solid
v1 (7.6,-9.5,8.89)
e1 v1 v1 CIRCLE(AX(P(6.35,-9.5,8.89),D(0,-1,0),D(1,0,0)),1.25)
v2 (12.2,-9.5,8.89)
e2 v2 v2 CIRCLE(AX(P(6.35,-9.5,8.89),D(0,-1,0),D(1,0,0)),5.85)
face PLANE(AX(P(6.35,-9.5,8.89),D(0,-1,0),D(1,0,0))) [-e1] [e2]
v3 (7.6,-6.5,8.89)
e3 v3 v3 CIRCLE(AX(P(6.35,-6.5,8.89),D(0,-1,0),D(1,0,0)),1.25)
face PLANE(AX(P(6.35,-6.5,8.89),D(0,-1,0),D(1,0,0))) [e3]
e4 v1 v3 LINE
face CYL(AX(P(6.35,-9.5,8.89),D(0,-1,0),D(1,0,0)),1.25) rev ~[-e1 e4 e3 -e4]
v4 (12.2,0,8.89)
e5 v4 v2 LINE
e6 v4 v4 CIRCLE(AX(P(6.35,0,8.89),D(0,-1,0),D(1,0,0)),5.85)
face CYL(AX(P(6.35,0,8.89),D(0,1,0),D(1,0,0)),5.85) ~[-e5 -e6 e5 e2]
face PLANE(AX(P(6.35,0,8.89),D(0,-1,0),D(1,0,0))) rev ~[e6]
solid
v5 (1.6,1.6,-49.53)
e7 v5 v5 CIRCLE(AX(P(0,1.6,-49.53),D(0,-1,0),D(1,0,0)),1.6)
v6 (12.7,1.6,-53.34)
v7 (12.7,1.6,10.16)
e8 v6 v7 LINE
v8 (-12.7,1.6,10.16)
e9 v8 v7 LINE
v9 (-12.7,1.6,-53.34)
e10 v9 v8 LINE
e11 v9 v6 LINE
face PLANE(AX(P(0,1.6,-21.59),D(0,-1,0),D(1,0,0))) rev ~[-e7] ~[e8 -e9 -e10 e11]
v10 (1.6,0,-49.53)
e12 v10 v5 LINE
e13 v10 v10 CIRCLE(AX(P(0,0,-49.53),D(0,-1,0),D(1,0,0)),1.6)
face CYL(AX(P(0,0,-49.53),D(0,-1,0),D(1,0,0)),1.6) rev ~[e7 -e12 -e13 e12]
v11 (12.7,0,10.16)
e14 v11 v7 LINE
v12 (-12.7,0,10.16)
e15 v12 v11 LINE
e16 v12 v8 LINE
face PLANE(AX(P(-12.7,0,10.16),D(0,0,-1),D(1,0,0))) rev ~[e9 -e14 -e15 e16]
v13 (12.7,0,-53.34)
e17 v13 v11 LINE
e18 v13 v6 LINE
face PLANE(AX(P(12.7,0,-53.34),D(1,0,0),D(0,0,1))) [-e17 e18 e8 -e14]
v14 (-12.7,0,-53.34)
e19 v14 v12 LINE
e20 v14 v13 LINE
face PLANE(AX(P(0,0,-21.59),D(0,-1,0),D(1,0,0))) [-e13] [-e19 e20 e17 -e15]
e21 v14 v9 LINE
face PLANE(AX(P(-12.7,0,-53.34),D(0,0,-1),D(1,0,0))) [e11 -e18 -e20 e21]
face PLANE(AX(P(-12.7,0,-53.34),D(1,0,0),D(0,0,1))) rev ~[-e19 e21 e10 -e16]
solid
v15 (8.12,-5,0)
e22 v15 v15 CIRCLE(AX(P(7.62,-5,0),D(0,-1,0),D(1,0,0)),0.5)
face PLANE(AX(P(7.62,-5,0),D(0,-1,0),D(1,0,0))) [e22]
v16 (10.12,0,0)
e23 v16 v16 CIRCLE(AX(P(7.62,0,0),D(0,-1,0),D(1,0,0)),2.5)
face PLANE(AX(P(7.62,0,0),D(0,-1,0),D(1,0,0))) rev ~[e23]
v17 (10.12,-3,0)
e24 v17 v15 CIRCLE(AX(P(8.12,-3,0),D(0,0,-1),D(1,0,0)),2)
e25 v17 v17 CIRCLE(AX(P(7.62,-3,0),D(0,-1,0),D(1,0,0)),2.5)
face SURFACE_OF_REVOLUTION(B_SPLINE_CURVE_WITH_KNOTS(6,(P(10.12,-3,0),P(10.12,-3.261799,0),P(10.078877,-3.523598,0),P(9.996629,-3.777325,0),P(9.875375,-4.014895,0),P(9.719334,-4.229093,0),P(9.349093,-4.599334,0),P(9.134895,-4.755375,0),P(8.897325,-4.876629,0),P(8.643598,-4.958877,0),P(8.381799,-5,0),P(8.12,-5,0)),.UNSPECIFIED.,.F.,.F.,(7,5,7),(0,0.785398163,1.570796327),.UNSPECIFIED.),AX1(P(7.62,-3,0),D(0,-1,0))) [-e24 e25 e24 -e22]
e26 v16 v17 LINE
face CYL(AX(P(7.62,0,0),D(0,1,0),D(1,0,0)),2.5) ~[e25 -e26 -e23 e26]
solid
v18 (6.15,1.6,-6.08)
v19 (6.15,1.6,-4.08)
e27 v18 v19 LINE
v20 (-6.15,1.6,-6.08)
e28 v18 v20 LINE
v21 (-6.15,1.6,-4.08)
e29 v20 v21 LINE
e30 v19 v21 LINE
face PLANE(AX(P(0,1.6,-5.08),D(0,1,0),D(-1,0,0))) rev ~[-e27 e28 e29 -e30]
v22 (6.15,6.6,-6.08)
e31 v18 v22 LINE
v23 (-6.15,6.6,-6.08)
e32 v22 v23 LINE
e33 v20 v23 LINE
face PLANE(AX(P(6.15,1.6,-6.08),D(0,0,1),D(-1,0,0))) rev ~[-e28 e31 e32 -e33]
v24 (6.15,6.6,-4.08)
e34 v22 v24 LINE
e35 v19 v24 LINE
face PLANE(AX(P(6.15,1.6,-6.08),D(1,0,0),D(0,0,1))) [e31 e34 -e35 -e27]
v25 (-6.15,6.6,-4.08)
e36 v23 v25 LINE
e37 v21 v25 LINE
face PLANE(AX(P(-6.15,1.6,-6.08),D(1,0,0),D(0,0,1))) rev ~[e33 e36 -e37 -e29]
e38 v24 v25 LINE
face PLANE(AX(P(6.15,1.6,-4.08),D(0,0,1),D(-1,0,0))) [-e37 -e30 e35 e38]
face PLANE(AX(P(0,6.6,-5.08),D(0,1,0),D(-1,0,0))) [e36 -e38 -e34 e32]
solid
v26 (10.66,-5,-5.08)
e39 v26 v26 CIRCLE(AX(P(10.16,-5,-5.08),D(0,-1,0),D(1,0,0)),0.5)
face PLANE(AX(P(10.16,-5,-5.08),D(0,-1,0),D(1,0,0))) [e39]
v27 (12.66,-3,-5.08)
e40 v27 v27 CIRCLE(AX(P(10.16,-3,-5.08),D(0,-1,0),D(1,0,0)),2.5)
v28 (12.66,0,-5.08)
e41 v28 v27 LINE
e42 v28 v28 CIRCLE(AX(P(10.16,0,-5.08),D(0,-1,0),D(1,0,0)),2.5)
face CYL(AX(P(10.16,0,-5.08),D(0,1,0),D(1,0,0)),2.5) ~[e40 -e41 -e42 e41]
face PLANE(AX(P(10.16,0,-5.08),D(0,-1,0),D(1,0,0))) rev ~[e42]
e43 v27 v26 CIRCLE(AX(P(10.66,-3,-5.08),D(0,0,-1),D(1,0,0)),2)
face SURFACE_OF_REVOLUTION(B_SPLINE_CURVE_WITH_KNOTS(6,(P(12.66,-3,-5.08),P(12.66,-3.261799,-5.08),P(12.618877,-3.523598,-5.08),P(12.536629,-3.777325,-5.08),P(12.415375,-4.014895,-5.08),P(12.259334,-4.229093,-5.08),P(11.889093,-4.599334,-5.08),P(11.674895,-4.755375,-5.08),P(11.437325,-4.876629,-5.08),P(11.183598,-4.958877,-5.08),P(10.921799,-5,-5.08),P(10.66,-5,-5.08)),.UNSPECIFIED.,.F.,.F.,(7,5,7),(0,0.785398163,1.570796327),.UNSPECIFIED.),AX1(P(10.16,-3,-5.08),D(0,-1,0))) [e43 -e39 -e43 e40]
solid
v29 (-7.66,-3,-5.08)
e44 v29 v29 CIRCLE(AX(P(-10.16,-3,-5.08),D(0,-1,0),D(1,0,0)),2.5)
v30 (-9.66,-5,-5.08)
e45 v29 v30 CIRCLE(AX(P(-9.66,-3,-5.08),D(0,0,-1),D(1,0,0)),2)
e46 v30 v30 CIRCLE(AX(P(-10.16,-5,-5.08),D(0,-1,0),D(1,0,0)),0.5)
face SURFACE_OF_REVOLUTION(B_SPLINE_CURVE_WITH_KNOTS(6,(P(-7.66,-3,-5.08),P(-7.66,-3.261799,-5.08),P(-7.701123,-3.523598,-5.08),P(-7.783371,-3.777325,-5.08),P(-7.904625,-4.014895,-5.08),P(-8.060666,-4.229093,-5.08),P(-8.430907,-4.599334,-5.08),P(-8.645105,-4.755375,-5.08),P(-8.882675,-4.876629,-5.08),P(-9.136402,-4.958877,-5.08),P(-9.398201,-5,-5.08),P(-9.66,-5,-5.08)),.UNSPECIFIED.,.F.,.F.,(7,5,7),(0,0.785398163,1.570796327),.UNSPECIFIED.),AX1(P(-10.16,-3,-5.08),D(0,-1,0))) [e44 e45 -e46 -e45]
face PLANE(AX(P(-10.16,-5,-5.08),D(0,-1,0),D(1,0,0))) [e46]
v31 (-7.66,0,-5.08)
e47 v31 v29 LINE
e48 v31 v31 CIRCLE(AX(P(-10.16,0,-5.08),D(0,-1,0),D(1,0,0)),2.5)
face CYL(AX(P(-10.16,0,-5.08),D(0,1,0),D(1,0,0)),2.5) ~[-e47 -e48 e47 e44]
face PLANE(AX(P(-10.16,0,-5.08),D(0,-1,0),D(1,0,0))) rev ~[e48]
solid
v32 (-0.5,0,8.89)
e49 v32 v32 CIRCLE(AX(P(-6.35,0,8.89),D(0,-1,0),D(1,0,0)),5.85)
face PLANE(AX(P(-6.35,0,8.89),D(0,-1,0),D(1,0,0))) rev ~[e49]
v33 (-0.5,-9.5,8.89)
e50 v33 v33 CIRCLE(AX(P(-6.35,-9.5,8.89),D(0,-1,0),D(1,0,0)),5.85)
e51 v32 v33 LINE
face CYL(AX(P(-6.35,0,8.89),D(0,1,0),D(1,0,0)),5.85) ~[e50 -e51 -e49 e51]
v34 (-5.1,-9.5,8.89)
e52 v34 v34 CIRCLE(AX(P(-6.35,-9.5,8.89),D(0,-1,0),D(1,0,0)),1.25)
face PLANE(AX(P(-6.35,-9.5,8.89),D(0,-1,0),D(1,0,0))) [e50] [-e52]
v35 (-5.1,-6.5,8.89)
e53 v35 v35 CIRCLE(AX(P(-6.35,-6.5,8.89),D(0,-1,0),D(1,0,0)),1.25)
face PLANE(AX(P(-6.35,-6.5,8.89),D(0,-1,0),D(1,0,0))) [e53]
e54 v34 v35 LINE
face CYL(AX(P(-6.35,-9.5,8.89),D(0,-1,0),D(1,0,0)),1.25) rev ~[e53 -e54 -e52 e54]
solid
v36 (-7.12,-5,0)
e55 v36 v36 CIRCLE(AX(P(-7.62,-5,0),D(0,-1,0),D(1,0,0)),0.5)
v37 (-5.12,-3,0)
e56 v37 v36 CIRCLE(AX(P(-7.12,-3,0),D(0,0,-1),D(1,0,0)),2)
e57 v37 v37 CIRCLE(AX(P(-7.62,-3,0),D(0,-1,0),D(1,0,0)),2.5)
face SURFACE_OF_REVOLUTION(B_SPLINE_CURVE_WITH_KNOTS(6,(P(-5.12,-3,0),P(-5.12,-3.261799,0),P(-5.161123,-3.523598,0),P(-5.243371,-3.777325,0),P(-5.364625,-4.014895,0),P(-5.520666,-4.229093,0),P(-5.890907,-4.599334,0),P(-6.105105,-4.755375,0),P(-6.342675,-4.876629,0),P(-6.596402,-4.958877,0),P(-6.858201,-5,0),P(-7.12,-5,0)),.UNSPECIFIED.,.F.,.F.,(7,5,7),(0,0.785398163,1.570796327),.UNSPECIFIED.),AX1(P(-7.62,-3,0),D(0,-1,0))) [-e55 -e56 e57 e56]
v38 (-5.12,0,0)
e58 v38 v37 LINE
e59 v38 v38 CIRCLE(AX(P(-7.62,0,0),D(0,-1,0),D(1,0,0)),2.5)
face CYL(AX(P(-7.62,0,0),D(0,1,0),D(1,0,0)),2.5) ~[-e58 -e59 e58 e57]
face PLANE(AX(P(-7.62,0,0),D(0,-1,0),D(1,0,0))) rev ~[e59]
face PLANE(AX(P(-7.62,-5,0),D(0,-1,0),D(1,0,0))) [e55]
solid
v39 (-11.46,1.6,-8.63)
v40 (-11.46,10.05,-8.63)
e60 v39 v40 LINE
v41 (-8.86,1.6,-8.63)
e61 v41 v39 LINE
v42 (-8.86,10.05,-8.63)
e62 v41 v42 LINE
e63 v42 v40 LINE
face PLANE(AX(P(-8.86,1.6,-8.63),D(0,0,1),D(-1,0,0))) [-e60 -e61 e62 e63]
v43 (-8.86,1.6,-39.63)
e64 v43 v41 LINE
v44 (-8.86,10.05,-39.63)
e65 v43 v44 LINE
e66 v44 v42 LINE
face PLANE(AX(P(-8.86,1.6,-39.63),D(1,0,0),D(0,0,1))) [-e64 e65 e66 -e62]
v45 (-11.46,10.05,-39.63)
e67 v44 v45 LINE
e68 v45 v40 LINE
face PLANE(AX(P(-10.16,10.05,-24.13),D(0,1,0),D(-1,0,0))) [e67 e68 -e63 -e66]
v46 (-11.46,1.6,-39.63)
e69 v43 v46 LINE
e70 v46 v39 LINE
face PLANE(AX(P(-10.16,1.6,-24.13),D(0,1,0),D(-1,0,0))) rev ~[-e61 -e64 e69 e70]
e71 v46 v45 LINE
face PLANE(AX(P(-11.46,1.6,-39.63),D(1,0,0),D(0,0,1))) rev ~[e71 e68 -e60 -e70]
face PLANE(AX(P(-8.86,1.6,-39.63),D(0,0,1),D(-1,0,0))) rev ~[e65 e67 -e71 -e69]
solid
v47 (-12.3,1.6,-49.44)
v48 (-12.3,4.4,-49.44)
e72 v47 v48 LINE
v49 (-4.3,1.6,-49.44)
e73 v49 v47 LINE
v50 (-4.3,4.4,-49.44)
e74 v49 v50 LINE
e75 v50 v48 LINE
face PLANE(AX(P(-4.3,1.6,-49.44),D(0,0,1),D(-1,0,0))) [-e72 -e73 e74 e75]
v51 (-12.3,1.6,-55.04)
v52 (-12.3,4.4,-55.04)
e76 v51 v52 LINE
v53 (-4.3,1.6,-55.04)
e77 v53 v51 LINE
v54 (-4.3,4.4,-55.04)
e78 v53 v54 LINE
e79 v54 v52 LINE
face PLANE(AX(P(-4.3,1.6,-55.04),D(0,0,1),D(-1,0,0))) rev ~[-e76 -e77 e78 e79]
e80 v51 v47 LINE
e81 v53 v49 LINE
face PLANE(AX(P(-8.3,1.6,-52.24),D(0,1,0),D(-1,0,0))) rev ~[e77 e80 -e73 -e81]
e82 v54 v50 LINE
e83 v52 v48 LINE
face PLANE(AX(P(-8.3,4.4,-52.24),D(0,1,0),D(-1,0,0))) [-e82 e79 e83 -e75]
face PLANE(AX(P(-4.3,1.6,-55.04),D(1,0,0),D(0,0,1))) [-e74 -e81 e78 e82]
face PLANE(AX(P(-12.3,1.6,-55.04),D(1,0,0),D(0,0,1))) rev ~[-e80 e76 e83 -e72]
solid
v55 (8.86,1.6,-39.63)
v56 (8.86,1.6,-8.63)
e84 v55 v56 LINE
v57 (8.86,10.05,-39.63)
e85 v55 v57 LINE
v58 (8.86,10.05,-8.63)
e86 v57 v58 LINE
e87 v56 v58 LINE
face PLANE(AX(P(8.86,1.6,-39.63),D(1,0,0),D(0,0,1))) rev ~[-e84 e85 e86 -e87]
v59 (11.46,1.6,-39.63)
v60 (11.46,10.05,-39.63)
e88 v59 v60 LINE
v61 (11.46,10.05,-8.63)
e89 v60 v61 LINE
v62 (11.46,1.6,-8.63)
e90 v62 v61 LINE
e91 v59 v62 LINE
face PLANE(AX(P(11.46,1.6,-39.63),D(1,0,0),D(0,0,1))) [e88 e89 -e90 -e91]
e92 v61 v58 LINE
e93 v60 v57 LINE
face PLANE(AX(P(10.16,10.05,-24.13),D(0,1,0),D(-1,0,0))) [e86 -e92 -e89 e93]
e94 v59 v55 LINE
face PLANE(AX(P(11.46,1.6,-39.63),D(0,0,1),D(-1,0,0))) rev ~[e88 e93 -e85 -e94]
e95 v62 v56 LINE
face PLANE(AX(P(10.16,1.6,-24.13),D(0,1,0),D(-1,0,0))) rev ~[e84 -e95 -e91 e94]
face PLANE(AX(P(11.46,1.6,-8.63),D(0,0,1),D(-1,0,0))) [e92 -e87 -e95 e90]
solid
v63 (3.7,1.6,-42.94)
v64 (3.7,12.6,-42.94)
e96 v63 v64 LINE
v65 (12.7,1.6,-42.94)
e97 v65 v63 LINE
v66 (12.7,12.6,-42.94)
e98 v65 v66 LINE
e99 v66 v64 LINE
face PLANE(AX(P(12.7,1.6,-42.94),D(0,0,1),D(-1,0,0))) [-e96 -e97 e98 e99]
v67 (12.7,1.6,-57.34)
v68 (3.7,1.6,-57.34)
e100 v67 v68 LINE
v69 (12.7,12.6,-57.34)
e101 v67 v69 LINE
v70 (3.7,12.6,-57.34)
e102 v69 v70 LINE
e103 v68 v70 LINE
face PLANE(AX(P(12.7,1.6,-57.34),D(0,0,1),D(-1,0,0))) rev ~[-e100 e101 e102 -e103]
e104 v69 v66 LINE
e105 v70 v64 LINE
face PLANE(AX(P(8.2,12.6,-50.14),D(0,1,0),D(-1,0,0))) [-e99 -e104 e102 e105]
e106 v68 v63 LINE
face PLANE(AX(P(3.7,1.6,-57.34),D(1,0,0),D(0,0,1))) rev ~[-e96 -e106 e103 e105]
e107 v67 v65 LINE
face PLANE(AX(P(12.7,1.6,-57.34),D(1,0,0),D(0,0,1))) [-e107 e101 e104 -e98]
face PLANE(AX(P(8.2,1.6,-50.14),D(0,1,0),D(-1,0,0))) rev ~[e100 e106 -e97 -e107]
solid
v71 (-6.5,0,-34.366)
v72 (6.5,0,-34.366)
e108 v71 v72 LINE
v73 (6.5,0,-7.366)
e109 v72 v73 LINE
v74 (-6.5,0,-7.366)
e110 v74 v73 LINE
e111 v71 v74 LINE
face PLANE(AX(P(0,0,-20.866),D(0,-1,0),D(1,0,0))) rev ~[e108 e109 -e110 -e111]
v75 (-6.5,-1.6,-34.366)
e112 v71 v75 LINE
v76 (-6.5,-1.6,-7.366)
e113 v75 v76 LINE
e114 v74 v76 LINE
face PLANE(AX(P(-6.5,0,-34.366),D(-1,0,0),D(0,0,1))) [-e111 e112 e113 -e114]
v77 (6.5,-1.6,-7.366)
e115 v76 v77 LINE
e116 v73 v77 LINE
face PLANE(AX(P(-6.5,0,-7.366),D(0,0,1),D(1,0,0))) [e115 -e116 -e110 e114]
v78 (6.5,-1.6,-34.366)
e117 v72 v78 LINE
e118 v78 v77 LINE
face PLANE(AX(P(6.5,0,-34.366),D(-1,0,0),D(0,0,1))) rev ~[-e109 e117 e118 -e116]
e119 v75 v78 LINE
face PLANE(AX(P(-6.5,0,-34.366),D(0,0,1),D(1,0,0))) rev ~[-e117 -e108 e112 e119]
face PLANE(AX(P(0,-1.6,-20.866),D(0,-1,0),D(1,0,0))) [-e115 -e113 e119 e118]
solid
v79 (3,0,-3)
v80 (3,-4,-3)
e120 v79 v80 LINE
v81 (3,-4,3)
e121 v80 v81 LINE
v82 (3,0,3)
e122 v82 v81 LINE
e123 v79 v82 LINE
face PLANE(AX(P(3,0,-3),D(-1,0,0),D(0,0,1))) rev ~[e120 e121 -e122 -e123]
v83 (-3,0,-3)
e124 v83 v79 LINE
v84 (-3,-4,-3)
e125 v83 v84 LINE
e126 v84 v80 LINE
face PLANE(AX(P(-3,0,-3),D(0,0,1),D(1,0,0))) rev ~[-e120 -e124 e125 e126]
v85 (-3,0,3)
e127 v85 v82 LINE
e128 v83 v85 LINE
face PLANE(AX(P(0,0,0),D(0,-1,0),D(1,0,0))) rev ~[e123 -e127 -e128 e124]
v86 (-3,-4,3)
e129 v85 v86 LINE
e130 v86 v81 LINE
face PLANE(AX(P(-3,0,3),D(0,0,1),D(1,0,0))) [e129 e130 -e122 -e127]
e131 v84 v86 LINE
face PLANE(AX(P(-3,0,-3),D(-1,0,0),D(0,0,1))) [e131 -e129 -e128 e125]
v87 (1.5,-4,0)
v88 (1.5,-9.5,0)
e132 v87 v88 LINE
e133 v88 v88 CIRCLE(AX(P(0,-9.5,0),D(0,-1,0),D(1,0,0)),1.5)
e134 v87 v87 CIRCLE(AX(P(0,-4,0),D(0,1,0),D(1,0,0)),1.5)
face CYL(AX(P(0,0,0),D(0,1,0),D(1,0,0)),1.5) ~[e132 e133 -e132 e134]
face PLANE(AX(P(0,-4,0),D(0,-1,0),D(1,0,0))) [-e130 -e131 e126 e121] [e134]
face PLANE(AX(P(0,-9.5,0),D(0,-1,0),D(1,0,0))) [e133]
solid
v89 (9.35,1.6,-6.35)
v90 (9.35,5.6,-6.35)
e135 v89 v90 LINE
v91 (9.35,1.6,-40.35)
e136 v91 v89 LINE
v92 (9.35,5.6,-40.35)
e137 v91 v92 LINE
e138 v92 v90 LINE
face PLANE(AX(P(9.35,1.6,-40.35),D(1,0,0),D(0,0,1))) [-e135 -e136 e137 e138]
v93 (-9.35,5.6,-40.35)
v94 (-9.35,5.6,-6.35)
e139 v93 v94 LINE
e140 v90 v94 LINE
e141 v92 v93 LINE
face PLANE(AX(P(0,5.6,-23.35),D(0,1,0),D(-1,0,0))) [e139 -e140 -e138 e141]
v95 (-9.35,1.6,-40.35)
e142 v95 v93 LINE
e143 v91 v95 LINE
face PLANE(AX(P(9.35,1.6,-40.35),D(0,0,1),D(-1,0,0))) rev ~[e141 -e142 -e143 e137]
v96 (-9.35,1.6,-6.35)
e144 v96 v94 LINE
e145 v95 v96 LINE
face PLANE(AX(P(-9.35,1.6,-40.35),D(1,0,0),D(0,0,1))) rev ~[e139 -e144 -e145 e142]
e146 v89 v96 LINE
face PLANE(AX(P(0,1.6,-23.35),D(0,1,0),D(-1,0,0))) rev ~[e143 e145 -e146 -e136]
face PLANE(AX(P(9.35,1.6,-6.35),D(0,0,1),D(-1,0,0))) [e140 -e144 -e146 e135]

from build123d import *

# Parameters (mm, degrees)
F0_W      = 25.4
F0_H      = 63.5
F0_R      = 1.6
F1_DEPTH  = 1.6
F2_W      = 6
F2_H      = 6
F3_DEPTH  = 4
F4_R      = 1.5
F5_DEPTH  = 9.5
F6_R      = 5.85
F7_DEPTH  = 9.5
F8_W      = 13
F8_H      = 27
F9_DEPTH  = 1.6
F10_W     = 18.7
F10_H     = 34
F11_DEPTH = 4
F12_W     = 2.6
F12_H     = 31
F13_DEPTH = 8.45
F14_W     = 9
F14_H     = 14.4
F15_DEPTH = 11
F16_W     = 8
F16_H     = 5.6
F17_DEPTH = 2.8
F18_W     = 12.3
F18_H     = 2
F19_DEPTH = 5
F20_R     = 2.5
F21_DEPTH = 5
F22_R     = 2
F22_2_R   = 2
F22_3_R   = 2
F22_4_R   = 2
F23_R     = 1.25
F24_DEPTH = 3


with BuildPart() as f1:
    # F0 (on Front) → F1 (new body)
    with BuildSketch(Plane.XZ):
        with Locations((0, -21.59)):
            Rectangle(F0_W, F0_H)
        with Locations((0, -49.53)):
            Circle(F0_R, mode=Mode.SUBTRACT)
    extrude(amount=-F1_DEPTH)


with BuildPart() as f3:
    # F2 (on Front) → F3 (new body)
    with BuildSketch(Plane.XZ):
        Rectangle(F2_W, F2_H)
    extrude(amount=F3_DEPTH)

    # F4 (on Front) → F5 (join)
    with BuildSketch(Plane.XZ):
        Circle(F4_R)
    extrude(amount=F5_DEPTH)


with BuildPart() as f7:
    # F6 (on Front) → F7 (new body)
    with BuildSketch(Plane.XZ):
        with Locations((-6.35, 8.89)):
            Circle(F6_R)
    extrude(amount=F7_DEPTH)


with BuildPart() as f7b:
    # F6 (on Front) → F7, piece 2 (new body)
    with BuildSketch(Plane.XZ):
        with Locations((6.35, 8.89)):
            Circle(F6_R)
    extrude(amount=F7_DEPTH)


with BuildPart() as f9:
    # F8 (on Front) → F9 (new body)
    with BuildSketch(Plane.XZ):
        with Locations((0, -20.866)):
            Rectangle(F8_W, F8_H)
    extrude(amount=F9_DEPTH)


with BuildPart() as f11:
    # F10 (on face) → F11 (new body)
    with BuildSketch(Plane(origin=(0, 1.6, 0), x_dir=(-1, 0, 0), z_dir=(0, 1, 0))):
        with Locations((0, -23.35)):
            Rectangle(F10_W, F10_H)
    extrude(amount=F11_DEPTH)


with BuildPart() as f13:
    # F12 (on face) → F13 (new body)
    with BuildSketch(Plane(origin=(0, 1.6, 0), x_dir=(-1, 0, 0), z_dir=(0, 1, 0))):
        with Locations((-10.16, -24.13)):
            Rectangle(F12_W, F12_H)
    extrude(amount=F13_DEPTH)


with BuildPart() as f13b:
    # F12 (on face) → F13, piece 2 (new body)
    with BuildSketch(Plane(origin=(0, 1.6, 0), x_dir=(-1, 0, 0), z_dir=(0, 1, 0))):
        with Locations((10.16, -24.13)):
            Rectangle(F12_W, F12_H)
    extrude(amount=F13_DEPTH)


with BuildPart() as f15:
    # F14 (on face) → F15 (new body)
    with BuildSketch(Plane(origin=(0, 1.6, 0), x_dir=(-1, 0, 0), z_dir=(0, 1, 0))):
        with Locations((-8.2, -50.14)):
            Rectangle(F14_W, F14_H)
    extrude(amount=F15_DEPTH)


with BuildPart() as f17:
    # F16 (on face) → F17 (new body)
    with BuildSketch(Plane(origin=(0, 1.6, 0), x_dir=(-1, 0, 0), z_dir=(0, 1, 0))):
        with Locations((8.3, -52.24)):
            Rectangle(F16_W, F16_H)
    extrude(amount=F17_DEPTH)


with BuildPart() as f19:
    # F18 (on face) → F19 (new body)
    with BuildSketch(Plane(origin=(0, 1.6, 0), x_dir=(-1, 0, 0), z_dir=(0, 1, 0))):
        with Locations((0, -5.08)):
            Rectangle(F18_W, F18_H)
    extrude(amount=F19_DEPTH)


with BuildPart() as f21:
    # F20 (on Front) → F21 (new body)
    with BuildSketch(Plane.XZ):
        with Locations((-7.62, 0)):
            Circle(F20_R)
    extrude(amount=F21_DEPTH)

    # F22#2
    f22_2_edges = [f21.edges().sort_by_distance(p)[0] for p in [
        (-10.12, -5, 0),
    ]]
    fillet(f22_2_edges, radius=F22_2_R)


with BuildPart() as f21b:
    # F20 (on Front) → F21, piece 2 (new body)
    with BuildSketch(Plane.XZ):
        with Locations((7.62, 0)):
            Circle(F20_R)
    extrude(amount=F21_DEPTH)

    # F22#3
    f22_3_edges = [f21b.edges().sort_by_distance(p)[0] for p in [
        (5.12, -5, 0),
    ]]
    fillet(f22_3_edges, radius=F22_3_R)


with BuildPart() as f21c:
    # F20 (on Front) → F21, piece 3 (new body)
    with BuildSketch(Plane.XZ):
        with Locations((10.16, -5.08)):
            Circle(F20_R)
    extrude(amount=F21_DEPTH)

    # F22#4
    f22_4_edges = [f21c.edges().sort_by_distance(p)[0] for p in [
        (7.66, -5, -5.08),
    ]]
    fillet(f22_4_edges, radius=F22_4_R)


with BuildPart() as f21d:
    # F20 (on Front) → F21, piece 4 (new body)
    with BuildSketch(Plane.XZ):
        with Locations((-10.16, -5.08)):
            Circle(F20_R)
    extrude(amount=F21_DEPTH)

    # F22
    f22_edges = [f21d.edges().sort_by_distance(p)[0] for p in [
        (-12.66, -5, -5.08),
    ]]
    fillet(f22_edges, radius=F22_R)


with BuildPart() as f24_tool:
    # F23 (on face) → F24 (new body)
    with BuildSketch(Plane.XZ.offset(9.5)):
        with Locations((-6.35, 8.89)):
            Circle(F23_R)
        with Locations((6.35, 8.89)):
            Circle(F23_R)
    extrude(amount=-F24_DEPTH)


with BuildPart() as f7_1:
    add(f7.part)

    # F24: cut by f24_tool
    add(f24_tool.part, mode=Mode.SUBTRACT)


with BuildPart() as f7b_1:
    add(f7b.part)

    # F24: cut by f24_tool
    add(f24_tool.part, mode=Mode.SUBTRACT)


solid = Compound([f1.part, f3.part, f9.part, f11.part, f13.part, f13b.part, f15.part, f17.part, f19.part, f21.part, f21b.part, f21c.part, f21d.part, f7_1.part, f7b_1.part])
